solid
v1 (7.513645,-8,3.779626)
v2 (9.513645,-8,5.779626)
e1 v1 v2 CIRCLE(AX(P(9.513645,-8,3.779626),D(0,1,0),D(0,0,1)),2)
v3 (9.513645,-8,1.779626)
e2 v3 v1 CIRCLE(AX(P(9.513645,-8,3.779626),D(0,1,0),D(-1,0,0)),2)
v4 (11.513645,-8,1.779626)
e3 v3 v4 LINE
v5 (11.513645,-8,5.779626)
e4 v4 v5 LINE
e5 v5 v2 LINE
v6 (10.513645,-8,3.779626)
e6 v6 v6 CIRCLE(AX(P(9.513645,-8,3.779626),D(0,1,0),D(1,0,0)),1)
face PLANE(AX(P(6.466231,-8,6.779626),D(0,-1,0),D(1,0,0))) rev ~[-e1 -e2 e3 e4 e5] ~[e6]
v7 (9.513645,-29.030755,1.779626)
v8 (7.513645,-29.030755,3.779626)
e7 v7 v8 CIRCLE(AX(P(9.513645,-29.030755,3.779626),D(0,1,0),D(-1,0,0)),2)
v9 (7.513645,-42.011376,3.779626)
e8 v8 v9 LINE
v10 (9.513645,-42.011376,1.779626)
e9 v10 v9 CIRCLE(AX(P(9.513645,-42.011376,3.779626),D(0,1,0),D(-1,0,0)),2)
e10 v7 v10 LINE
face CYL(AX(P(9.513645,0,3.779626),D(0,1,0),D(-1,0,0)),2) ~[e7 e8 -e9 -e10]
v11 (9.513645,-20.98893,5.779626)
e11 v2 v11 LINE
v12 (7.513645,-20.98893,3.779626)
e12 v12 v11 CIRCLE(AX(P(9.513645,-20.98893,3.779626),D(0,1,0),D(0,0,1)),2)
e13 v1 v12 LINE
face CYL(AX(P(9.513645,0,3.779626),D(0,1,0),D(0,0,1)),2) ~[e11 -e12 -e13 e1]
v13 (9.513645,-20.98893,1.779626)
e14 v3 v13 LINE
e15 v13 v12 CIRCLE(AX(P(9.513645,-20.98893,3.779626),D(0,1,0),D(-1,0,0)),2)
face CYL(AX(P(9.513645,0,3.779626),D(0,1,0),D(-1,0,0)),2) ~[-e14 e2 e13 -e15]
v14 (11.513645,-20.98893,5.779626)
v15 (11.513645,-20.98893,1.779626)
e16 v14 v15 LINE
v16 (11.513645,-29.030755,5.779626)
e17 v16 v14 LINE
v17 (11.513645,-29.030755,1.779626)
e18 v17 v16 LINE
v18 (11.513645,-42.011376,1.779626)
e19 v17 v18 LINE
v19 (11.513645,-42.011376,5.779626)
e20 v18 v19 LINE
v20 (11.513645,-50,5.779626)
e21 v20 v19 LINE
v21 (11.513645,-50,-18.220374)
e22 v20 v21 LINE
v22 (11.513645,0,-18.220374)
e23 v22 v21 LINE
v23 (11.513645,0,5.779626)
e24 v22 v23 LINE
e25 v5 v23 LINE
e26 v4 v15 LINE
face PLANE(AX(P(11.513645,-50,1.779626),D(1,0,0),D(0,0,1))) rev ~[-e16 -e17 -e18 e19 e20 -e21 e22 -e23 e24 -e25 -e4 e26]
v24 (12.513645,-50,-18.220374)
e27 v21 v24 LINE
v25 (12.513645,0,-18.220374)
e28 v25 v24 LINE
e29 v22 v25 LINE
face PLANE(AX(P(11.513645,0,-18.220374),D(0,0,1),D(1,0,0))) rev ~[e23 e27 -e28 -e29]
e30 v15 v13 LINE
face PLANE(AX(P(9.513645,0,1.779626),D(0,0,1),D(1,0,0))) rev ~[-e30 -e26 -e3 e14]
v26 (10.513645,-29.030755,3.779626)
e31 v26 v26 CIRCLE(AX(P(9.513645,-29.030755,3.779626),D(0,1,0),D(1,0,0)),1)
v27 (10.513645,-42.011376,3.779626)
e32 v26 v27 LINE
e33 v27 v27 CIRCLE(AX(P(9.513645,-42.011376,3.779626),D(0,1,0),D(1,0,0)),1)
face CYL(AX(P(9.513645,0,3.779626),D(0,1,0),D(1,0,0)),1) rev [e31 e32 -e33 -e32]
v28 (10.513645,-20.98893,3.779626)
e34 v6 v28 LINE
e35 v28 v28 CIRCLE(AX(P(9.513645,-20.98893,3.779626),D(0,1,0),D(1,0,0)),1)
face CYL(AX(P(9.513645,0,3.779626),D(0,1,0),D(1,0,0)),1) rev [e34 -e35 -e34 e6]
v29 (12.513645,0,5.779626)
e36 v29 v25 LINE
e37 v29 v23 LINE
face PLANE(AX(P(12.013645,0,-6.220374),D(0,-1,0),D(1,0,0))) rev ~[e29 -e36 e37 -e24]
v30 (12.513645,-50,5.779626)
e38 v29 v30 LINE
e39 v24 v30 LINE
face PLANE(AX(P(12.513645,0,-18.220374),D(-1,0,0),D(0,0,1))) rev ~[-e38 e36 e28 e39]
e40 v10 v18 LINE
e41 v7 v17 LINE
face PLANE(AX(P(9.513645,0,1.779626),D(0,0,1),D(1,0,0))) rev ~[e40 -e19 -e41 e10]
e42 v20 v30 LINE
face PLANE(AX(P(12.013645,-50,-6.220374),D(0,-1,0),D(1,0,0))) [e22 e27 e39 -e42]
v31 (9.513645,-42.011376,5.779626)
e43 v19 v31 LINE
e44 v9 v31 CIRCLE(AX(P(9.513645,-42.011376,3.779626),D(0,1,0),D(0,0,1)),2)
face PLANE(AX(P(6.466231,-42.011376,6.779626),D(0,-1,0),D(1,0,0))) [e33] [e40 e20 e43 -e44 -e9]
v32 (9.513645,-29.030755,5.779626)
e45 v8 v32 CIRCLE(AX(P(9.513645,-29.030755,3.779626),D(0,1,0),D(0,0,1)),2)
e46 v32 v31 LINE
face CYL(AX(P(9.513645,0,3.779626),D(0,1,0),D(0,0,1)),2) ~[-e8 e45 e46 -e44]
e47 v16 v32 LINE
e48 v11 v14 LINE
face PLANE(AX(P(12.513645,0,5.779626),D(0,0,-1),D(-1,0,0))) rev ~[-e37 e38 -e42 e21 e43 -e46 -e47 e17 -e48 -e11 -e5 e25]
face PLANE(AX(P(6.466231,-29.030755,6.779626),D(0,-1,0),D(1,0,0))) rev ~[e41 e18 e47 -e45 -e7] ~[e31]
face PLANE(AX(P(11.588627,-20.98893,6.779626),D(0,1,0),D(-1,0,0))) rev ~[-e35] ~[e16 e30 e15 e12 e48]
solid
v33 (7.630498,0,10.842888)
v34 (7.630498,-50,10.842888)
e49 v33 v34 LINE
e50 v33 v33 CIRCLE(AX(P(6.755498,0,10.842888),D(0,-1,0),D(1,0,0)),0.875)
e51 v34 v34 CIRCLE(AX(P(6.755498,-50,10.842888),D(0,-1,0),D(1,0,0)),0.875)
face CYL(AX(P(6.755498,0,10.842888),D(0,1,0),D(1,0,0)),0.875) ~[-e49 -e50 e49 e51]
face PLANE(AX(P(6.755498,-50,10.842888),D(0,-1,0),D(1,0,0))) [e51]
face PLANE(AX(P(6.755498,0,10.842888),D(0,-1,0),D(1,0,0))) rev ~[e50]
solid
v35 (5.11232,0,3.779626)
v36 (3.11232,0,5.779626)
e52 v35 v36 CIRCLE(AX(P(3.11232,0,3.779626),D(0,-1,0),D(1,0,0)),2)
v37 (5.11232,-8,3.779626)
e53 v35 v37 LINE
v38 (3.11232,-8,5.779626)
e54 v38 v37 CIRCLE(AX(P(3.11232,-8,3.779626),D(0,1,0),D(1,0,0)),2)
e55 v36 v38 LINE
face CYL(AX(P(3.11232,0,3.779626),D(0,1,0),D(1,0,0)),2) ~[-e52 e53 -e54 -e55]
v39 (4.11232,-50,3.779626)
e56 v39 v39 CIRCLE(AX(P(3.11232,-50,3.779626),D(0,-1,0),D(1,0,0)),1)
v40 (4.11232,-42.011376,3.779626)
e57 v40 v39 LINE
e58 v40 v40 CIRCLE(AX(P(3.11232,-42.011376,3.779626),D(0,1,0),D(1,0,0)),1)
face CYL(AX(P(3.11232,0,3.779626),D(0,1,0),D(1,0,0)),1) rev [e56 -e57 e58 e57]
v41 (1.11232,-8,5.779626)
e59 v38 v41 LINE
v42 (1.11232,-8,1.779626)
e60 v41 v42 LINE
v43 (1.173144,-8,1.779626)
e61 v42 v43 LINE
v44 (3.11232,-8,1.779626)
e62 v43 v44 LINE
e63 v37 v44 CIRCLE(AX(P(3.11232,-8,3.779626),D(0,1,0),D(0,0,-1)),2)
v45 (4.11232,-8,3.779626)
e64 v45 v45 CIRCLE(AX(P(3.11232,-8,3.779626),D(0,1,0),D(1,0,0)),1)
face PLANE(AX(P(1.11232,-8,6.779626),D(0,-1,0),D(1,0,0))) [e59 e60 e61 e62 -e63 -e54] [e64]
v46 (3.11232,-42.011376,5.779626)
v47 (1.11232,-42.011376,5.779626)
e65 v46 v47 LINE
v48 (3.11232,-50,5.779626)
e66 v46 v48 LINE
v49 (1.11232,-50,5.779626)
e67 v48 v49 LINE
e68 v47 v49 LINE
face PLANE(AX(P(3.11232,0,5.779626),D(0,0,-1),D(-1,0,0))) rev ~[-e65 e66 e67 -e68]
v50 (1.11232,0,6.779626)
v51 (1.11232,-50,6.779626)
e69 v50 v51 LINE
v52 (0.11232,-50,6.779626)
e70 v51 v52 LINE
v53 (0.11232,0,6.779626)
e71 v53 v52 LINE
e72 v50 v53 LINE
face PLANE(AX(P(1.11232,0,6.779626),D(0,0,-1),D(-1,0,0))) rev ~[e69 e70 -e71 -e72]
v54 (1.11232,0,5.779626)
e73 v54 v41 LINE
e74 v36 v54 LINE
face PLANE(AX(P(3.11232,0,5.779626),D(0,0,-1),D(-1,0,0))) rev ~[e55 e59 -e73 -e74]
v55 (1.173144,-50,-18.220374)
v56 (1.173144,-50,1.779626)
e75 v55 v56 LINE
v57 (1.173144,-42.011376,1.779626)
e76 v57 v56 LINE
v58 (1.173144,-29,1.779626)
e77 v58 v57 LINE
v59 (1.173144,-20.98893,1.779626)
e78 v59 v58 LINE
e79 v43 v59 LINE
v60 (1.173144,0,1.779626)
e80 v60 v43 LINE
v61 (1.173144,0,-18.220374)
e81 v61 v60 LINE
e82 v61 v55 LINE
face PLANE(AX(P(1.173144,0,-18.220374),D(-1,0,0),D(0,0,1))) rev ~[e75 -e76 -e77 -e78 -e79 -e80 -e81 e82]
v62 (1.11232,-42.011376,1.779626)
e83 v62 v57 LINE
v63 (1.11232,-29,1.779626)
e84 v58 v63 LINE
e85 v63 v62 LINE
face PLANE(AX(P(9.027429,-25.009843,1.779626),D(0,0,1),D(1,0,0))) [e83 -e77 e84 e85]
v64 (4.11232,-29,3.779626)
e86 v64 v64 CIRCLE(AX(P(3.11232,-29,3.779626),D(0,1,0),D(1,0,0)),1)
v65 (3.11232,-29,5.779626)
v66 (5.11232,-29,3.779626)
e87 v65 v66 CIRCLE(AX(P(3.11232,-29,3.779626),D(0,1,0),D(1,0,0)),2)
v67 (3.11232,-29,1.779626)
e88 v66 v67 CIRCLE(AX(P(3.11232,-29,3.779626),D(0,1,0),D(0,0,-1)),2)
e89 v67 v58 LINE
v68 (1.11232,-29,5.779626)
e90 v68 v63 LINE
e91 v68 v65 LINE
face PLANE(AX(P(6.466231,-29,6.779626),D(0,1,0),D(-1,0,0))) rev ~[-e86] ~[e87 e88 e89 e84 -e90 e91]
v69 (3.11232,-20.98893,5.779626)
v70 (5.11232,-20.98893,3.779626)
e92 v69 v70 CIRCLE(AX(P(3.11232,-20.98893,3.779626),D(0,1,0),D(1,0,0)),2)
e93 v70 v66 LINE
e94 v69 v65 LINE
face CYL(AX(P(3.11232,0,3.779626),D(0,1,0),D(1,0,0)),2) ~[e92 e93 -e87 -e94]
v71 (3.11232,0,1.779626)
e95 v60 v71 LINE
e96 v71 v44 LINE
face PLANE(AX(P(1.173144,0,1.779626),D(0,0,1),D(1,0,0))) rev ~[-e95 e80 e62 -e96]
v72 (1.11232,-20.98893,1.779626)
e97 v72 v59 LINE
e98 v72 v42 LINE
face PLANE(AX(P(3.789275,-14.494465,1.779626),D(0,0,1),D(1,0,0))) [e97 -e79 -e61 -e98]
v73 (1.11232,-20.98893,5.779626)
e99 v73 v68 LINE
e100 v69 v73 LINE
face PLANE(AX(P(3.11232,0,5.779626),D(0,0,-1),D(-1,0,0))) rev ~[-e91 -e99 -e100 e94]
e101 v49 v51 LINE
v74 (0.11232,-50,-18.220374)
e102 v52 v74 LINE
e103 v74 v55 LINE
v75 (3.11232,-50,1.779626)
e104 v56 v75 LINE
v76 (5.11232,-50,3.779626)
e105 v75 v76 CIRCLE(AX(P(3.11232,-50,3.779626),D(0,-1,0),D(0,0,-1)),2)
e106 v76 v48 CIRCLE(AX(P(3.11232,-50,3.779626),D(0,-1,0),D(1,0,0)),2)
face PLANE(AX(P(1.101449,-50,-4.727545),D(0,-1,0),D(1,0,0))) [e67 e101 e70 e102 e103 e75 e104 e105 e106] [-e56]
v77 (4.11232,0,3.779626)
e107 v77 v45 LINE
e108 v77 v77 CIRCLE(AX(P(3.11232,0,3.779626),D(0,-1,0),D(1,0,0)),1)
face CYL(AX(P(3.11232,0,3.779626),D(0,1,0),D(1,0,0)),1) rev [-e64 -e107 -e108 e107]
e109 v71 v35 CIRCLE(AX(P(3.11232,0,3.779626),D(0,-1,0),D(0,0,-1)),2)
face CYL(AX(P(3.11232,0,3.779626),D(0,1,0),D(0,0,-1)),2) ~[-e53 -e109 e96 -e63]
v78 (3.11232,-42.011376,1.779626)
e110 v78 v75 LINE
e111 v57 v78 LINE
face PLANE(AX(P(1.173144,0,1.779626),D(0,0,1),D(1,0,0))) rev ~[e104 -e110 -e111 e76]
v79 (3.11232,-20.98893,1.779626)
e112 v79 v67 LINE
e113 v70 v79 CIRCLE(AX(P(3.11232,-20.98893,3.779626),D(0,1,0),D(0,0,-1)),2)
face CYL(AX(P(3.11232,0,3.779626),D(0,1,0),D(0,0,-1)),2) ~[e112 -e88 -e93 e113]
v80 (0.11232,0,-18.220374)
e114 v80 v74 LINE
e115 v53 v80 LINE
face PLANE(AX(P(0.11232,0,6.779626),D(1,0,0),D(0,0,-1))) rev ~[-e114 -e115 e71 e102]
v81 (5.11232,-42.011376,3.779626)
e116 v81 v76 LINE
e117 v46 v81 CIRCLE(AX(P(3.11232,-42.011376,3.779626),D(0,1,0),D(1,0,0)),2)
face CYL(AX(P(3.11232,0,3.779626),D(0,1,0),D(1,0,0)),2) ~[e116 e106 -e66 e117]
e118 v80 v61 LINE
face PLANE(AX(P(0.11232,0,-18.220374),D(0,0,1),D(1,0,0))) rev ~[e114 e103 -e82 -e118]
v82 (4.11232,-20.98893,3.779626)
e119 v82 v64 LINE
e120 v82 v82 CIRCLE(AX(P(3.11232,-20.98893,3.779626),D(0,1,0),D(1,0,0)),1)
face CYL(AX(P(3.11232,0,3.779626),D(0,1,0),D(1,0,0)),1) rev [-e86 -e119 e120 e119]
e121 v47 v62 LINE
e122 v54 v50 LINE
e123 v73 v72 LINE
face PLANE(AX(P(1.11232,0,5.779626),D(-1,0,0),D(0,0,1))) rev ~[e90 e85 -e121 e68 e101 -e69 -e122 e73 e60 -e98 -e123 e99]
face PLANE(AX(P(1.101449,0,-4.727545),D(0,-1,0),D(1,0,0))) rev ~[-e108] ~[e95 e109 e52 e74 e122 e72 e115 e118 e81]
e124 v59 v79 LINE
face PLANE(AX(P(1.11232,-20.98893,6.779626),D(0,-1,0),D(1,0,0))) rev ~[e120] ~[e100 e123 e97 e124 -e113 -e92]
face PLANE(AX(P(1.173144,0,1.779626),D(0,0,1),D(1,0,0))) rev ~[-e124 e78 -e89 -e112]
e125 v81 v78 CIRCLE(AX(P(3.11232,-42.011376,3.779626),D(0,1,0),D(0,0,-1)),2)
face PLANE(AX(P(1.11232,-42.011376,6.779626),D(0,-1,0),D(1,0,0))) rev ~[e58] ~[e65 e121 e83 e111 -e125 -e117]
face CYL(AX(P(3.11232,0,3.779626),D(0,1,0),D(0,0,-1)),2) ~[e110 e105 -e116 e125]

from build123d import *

# Parameters (mm, degrees)
F0_R     = 1
F1_DEPTH = 50
F3_W     = 5.122395698
F3_H     = 8
F3_W_2   = 5.3539113016
F3_H_2   = 12.9889300168
F3_H_3   = 8.1063993275
F4_DEPTH = 5
F5_R     = 0.875
F6_DEPTH = 50
F7_W     = 1
F7_H     = 4
F8_DEPTH = 50


with BuildPart() as f1:
    # F0 (on Front) → F1 (new body)
    with BuildSketch(Plane.XZ):
        Polygon((11.5136448294, 1.7796257744), (11.5136448294, -18.2203742256), (12.5136448294, -18.2203742256), (12.5136448294, 5.7796257744), (11.5136448294, 5.7796257744), (11.5136448294, 5.7715522125), align=None)
        with BuildLine():
            Line((9.5136448294, 1.7796257744), (11.5136448294, 1.7796257744))
            Line((11.5136448294, 1.7796257744), (11.5136448294, 5.7715522125))
            Line((11.5136448294, 5.7715522125), (11.5136448294, 5.7796257744))
            Line((11.5136448294, 5.7796257744), (9.5136448294, 5.7796257744))
            ThreePointArc((9.5136448294, 5.7796257744), (8.099431267, 5.1938393367), (7.5136448294, 3.7796257744))
            ThreePointArc((7.5136448294, 3.7796257744), (8.099431267, 2.365412212), (9.5136448294, 1.7796257744))
        make_face()
        with Locations((9.5136448294, 3.7796257744)):
            Circle(F0_R, mode=Mode.SUBTRACT)
    extrude(amount=F1_DEPTH)


with BuildPart() as f1b:
    # F0 (on Front) → F1, piece 2 (new body)
    with BuildSketch(Plane.XZ):
        with BuildLine():
            Line((18.6969495416, 5.7796257744), (18.6969495416, 6.7796257744))
            Line((18.6969495416, 6.7796257744), (17.6969495416, 6.7796257744))
            Line((17.6969495416, 6.7796257744), (17.6969495416, -18.2203742256))
            Line((17.6969495416, -18.2203742256), (18.7577743009, -18.2203742256))
            Line((18.7577743009, -18.2203742256), (18.7577743009, 1.7796257744))
            Line((18.7577743009, 1.7796257744), (20.6969495416, 1.7796257744))
            ThreePointArc((20.6969495416, 1.7796257744), (22.1111631039, 2.365412212), (22.6969495416, 3.7796257744))
            ThreePointArc((22.6969495416, 3.7796257744), (22.1111631039, 5.1938393367), (20.6969495416, 5.7796257744))
            Line((20.6969495416, 5.7796257744), (19.6969495416, 5.7796257744))
            Line((19.6969495416, 5.7796257744), (18.6969495416, 5.7796257744))
        make_face()
        with Locations((20.6969495416, 3.7796257744)):
            Circle(F0_R, mode=Mode.SUBTRACT)
    extrude(amount=F1_DEPTH)


with BuildPart() as f1b_1:
    # F2: moved
    add(f1b.part.moved(Location((-17.58463, 0, 0))))


with BuildPart() as f4_tool:
    # F3 (on face) → F4 (new body)
    with BuildSketch(Plane.XY.offset(6.7796257744)):
        with Locations((9.0274286922, -4)):
            Rectangle(F3_W, F3_H)
        with Locations((3.7892751924, -14.4944650084)):
            Rectangle(F3_W_2, F3_H_2)
        with Locations((9.0274286922, -46.0645761341)):
            Rectangle(F3_W, F3_H_3)
        Polygon((11.5886265412, -20.9889300168), (6.4662308432, -20.9889300168), (6.4662308432, -29), (6.4662308432, -29.0307551622), (11.5886265412, -29.0307551622), align=None)
        Polygon((6.4662308432, -29.0307551622), (6.4662308432, -29), (1.1123195416, -29), (1.1123195416, -42.0113764703), (6.4662308432, -42.0113764703), align=None)
    extrude(amount=-F4_DEPTH)


with BuildPart() as f1_1:
    add(f1.part)

    # F4: cut by f4_tool
    add(f4_tool.part, mode=Mode.SUBTRACT)

    # F7 (on face) → F8 (join)
    with BuildSketch(Plane.XZ.offset(50)):
        with Locations((12.0136448294, 3.7796257744)):
            Rectangle(F7_W, F7_H)
    extrude(amount=-F8_DEPTH)


with BuildPart() as f1b_2:
    add(f1b_1.part)

    # F4: cut by f4_tool
    add(f4_tool.part, mode=Mode.SUBTRACT)


with BuildPart() as f6:
    # F5 (on Front) → F6 (new body)
    with BuildSketch(Plane.XZ):
        with Locations((6.7554977722, 10.8428876847)):
            Circle(F5_R)
    extrude(amount=F6_DEPTH)


solid = Compound([f1_1.part, f1b_2.part, f6.part])
